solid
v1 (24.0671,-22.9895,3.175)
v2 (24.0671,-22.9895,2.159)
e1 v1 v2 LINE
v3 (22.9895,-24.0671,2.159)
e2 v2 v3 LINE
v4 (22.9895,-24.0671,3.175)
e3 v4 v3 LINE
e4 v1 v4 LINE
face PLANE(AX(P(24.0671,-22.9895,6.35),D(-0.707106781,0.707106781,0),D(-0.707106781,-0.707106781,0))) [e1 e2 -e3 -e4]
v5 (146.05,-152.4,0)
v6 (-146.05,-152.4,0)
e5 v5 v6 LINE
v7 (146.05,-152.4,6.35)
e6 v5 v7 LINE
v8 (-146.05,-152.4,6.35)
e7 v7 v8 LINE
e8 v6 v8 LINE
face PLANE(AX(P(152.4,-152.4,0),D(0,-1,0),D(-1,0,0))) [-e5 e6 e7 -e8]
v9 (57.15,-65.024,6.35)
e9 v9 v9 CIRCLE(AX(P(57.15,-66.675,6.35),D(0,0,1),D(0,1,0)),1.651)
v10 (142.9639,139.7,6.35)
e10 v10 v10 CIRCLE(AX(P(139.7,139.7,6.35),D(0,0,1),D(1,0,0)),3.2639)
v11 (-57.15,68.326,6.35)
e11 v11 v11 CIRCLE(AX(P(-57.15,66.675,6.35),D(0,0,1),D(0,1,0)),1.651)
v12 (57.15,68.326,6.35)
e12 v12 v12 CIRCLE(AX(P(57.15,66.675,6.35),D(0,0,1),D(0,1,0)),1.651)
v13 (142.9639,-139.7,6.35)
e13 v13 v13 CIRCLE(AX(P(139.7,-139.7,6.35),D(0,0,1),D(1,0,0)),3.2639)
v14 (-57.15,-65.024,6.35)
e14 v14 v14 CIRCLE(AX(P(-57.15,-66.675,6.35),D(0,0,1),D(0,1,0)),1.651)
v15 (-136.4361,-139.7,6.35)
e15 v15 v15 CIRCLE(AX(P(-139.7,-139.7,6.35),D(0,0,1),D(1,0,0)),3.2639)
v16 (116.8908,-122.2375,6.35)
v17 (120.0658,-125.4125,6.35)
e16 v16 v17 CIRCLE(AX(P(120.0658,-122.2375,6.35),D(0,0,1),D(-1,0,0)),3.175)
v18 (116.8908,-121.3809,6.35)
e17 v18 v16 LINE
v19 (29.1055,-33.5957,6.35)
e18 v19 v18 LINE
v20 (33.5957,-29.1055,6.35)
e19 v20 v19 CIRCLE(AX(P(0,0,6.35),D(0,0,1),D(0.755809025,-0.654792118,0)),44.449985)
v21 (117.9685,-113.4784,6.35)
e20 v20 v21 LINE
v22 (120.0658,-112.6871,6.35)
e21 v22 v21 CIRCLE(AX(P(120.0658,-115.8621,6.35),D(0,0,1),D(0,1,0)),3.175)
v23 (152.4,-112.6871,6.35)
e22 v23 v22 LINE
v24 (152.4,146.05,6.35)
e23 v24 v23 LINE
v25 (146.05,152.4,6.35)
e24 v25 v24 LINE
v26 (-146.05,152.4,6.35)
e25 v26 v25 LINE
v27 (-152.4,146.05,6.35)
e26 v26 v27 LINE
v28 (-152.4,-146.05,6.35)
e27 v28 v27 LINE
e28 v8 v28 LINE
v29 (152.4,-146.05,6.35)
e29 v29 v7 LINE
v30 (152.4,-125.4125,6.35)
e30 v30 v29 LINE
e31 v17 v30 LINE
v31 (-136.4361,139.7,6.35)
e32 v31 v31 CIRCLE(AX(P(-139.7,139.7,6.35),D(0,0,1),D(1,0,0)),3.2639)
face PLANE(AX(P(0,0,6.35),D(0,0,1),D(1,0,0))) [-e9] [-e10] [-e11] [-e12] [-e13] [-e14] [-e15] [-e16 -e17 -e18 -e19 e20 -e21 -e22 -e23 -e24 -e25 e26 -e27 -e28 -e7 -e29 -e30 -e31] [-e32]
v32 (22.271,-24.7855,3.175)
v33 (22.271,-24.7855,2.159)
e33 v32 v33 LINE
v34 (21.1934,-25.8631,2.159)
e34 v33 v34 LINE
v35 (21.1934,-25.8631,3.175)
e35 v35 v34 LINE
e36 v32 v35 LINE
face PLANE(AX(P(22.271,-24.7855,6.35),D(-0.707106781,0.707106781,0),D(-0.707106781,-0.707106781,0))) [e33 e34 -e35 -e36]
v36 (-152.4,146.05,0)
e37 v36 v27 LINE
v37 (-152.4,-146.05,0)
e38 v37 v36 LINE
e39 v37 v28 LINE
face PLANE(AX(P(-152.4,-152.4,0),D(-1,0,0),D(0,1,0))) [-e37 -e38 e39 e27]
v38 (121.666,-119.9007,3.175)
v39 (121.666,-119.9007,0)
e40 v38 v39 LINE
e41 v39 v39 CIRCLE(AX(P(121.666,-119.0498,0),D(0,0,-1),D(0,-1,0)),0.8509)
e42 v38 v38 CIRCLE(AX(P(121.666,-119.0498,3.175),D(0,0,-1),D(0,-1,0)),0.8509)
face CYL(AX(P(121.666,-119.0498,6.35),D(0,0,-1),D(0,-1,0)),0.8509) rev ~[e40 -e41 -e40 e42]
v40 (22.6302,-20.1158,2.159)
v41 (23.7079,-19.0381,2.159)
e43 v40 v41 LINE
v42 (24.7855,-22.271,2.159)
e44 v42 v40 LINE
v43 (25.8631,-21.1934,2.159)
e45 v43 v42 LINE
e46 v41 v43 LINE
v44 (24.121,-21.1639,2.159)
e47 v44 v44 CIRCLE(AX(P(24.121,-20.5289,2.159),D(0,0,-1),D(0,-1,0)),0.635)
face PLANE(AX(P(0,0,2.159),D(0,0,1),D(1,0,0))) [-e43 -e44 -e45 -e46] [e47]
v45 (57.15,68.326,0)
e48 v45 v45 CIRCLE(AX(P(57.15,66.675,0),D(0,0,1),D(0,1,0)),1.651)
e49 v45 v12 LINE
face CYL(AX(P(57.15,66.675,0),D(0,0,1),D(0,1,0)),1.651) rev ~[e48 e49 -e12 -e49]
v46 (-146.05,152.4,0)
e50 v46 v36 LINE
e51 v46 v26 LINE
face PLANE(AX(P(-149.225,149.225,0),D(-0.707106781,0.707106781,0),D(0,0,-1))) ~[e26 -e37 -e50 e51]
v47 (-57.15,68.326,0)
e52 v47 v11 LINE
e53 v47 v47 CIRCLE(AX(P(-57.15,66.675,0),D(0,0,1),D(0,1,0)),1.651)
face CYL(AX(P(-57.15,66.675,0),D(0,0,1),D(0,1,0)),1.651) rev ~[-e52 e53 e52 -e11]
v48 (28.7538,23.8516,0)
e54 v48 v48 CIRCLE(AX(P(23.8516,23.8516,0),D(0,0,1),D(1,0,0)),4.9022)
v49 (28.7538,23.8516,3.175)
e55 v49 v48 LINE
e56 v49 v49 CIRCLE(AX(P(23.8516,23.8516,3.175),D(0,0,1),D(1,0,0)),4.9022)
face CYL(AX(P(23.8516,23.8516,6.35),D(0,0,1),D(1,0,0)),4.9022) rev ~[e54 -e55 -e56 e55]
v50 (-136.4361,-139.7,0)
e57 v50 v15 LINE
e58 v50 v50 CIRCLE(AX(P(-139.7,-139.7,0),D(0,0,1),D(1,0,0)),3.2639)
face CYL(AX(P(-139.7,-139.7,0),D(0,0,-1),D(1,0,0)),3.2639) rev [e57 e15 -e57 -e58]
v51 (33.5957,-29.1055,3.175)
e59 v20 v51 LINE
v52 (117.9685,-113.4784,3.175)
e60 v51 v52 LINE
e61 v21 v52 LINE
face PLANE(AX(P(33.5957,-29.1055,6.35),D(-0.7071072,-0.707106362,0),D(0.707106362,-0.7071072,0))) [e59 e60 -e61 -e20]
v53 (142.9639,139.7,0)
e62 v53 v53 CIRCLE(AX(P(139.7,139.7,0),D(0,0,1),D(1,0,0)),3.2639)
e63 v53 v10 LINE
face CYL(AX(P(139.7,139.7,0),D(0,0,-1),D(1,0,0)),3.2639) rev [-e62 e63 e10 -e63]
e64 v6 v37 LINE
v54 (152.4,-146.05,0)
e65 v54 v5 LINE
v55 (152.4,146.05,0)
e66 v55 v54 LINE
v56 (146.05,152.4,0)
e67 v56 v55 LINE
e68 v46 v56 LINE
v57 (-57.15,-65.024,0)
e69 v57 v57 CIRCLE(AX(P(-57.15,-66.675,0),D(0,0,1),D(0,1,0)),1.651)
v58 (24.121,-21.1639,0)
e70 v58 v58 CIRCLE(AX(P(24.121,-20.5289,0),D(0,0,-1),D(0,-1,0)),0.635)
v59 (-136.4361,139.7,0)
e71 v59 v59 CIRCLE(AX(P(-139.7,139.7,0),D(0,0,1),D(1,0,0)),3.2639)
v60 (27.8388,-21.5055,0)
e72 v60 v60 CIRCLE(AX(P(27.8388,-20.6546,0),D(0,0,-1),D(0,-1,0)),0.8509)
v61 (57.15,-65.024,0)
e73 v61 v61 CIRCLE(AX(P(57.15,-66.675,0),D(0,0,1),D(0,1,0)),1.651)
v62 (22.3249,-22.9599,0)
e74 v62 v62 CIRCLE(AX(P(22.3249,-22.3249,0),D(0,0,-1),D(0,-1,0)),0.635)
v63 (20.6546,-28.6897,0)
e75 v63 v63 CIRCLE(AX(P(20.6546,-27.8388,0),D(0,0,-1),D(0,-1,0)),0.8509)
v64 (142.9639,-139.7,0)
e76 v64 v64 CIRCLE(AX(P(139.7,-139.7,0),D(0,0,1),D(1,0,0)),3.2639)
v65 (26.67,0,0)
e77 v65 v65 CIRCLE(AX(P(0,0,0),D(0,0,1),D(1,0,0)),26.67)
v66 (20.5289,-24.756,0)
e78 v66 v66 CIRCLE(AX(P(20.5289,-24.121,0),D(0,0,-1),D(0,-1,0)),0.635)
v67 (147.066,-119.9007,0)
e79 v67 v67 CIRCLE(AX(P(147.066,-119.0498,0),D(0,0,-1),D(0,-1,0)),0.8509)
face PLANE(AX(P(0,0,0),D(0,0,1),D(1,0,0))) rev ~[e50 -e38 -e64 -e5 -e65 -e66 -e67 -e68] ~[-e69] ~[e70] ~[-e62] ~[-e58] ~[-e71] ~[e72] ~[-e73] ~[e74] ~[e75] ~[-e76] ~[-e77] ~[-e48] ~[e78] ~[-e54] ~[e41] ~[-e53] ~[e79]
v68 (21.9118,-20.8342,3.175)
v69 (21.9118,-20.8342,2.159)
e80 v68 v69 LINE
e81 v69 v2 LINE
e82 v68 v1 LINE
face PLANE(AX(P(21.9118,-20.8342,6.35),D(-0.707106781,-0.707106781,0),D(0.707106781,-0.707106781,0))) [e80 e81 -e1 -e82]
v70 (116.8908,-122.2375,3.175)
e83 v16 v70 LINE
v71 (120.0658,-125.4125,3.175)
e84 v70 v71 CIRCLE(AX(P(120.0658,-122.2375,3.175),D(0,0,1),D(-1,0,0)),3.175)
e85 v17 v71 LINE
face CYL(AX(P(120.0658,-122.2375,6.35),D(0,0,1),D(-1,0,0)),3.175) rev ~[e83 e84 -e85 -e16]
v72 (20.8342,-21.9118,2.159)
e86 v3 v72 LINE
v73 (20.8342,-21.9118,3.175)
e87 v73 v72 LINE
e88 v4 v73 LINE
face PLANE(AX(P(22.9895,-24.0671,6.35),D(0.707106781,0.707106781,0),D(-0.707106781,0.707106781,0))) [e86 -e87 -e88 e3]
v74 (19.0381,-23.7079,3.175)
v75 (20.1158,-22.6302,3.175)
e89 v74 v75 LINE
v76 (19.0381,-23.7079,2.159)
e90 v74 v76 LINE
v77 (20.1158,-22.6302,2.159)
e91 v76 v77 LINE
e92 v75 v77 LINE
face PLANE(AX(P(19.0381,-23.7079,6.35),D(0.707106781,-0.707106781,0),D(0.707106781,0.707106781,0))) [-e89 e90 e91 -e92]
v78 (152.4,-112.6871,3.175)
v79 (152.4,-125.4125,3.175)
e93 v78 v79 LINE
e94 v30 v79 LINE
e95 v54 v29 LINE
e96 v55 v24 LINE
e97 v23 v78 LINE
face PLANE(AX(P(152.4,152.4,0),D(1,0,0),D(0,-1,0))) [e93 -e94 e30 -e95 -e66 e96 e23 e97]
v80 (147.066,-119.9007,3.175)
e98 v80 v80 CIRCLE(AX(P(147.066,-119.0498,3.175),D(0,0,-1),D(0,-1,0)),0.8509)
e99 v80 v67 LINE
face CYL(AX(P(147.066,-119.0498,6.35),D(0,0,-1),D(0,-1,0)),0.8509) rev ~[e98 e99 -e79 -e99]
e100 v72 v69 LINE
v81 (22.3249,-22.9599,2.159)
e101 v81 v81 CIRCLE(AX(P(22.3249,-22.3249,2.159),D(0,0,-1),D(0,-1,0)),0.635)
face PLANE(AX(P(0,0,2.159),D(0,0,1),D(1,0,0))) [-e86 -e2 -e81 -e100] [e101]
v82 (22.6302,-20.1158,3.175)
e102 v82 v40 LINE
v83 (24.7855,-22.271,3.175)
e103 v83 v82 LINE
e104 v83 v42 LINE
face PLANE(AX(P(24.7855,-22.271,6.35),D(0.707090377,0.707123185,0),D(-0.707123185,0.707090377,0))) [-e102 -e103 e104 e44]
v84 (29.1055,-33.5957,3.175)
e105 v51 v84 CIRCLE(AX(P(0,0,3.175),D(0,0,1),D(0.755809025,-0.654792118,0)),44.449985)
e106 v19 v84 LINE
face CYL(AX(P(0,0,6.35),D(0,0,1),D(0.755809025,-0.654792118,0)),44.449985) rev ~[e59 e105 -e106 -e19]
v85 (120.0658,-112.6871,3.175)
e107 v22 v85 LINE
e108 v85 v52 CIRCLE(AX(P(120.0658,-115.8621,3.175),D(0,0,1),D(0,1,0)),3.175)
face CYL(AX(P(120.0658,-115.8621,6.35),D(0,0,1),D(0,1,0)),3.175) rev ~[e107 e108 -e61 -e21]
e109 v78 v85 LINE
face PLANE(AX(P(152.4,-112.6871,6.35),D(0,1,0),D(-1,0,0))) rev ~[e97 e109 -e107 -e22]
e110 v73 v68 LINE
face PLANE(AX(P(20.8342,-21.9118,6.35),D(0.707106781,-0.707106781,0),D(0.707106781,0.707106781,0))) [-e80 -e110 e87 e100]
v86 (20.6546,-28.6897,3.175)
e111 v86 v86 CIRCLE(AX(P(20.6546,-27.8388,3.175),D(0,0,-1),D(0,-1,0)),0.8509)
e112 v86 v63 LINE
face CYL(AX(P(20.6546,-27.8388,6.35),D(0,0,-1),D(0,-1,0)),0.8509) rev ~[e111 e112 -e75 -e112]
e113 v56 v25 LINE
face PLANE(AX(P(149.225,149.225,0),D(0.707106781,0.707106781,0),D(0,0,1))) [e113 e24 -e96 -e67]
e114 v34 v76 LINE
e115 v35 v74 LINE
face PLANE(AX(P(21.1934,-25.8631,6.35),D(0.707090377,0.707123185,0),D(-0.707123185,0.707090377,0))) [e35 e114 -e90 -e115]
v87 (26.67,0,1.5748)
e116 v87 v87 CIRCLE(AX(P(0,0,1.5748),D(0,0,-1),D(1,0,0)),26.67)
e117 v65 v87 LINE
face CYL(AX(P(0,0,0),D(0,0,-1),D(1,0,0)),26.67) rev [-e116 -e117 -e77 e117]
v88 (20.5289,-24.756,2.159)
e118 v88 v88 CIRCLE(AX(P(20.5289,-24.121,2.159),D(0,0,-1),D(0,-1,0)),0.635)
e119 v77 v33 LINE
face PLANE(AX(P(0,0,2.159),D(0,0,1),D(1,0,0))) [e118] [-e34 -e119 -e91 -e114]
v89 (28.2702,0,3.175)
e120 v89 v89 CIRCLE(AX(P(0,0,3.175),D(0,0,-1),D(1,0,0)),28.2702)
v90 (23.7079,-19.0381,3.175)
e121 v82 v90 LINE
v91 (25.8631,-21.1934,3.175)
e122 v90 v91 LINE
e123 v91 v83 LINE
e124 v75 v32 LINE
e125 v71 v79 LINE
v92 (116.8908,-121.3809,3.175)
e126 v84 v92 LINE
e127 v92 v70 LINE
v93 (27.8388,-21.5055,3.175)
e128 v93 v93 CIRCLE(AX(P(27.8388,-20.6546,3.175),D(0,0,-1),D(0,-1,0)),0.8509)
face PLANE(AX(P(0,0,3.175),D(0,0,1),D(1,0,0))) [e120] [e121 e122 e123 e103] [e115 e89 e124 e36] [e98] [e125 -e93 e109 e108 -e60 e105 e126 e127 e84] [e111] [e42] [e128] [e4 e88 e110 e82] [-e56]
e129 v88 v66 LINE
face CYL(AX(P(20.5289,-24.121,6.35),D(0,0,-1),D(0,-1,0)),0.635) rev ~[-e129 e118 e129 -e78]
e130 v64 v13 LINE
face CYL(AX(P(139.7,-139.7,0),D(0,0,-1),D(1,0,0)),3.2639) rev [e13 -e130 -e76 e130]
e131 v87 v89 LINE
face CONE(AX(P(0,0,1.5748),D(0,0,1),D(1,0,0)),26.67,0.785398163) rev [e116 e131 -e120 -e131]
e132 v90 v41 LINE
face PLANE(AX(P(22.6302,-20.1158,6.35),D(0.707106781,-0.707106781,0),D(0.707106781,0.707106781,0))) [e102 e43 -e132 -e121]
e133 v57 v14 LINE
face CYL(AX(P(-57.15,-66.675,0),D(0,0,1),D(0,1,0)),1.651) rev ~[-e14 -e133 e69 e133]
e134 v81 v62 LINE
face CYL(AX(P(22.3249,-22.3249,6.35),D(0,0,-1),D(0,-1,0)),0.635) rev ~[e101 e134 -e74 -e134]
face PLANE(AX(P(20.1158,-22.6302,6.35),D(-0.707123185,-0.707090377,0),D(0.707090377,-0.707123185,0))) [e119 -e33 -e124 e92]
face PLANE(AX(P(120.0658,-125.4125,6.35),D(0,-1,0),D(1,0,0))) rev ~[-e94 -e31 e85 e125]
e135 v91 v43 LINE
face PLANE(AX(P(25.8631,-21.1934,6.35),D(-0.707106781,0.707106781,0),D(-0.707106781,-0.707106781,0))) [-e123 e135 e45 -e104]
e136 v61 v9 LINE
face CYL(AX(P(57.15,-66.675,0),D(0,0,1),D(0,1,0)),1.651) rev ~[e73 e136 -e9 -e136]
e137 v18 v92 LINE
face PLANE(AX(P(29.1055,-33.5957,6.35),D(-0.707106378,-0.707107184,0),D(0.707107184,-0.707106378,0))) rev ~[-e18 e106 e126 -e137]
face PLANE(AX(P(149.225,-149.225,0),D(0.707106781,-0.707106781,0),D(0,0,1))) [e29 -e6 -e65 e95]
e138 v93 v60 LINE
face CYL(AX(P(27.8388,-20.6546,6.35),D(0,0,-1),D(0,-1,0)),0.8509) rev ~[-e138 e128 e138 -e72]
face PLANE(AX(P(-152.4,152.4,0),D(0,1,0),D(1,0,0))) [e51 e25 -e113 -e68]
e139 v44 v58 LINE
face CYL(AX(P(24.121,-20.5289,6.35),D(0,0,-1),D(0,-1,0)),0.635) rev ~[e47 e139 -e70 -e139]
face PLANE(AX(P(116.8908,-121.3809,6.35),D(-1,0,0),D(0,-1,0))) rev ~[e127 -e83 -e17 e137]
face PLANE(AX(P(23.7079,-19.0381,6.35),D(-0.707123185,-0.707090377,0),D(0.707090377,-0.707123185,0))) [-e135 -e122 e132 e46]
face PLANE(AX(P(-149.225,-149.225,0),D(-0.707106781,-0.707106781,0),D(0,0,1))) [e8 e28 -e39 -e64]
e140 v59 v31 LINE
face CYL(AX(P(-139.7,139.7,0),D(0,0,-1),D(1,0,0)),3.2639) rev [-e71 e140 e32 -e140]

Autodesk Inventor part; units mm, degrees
ref_plane "YZ Plane" through (0, 0, 0) normal (1, 0, 0) x (0, 1, 0)
ref_plane "XZ Plane" through (0, 0, 0) normal (0, 1, 0) x (-1, 0, 0)
ref_plane "XY Plane" through (0, 0, 0) normal (0, 0, 1) x (1, 0, 0)
sketch "Sketch1" plane through (0, 0, 0) normal (0, 0, 1) x (1, 0, 0)
  line L0 (-152.4, 152.4) -> (152.4, 152.4)
  line L1 (152.4, 152.4) -> (152.4, -152.4)
  line L2 (152.4, -152.4) -> (-152.4, -152.4)
  line L3 (-152.4, -152.4) -> (-152.4, 152.4)
  circle A0 centre (0, 0) radius 26.67
  circle A1 centre (-139.7, 139.7) radius 3.2639
  circle A2 centre (139.7, 139.7) radius 3.2639
  circle A3 centre (139.7, -139.7) radius 3.2639
  circle A4 centre (-139.7, -139.7) radius 3.2639
  point P0 (0, 152.4)
  point P1 (-152.4, 0)
  dimension "d0" = 53.34
  dimension "d1" = 304.8
  dimension "d2" = 304.8
  dimension "d3" = 6.5278
  dimension "d4" = 6.5278
  dimension "d5" = 6.5278
  dimension "d6" = 6.5278
  dimension "d7" = 279.4
  dimension "d8" = 139.7
  dimension "d9" = 279.4
  dimension "d10" = 139.7
extrude "Extrusion1" add sketch "Sketch1" along normal blind 6.35
chamfer "Chamfer1" distance 6.35 angle 45 4 edges at (152.4, 152.4, 3.175) (152.4, -152.4, 3.175) (-152.4, 152.4, 3.175) (-152.4, -152.4, 3.175)
sketch "Sketch10" plane through (0, 0, 6.35) normal (0, 0, 1) x (1, 0, 0)
  line L0 (-213.36, 0) -> (213.36, 0) construction
  line L1 (0, -213.36) -> (0, 213.36) construction
  line L2 (-81.3558, 81.3558) -> (81.3558, -81.3558) construction
  line L3 (15.2664, -26.0427) -> (26.0427, -15.2664) construction
  line L4 (26.0427, -15.2664) -> (33.2269, -22.4506) construction
  line L5 (27.8388, -27.8388) -> (22.4506, -33.2269) construction
  line L6 (22.4506, -33.2269) -> (15.2664, -26.0427) construction
  circle A0 centre (0, 0) radius 26.67 projected
  line L7 (18.8585, -29.6348) -> (29.6348, -18.8585) construction
  line L8 (152.4, 146.05) -> (152.4, -146.05) projected
  line L9 (152.4, -112.6871) -> (120.0658, -112.6871)
  line L10 (116.8908, -115.8621) -> (116.8908, -122.2375)
  line L11 (120.0658, -125.4125) -> (152.4, -125.4125)
  line L12 (152.4, -125.4125) -> (152.4, -112.6871)
  arc A1 (120.0658, -112.6871) -> (116.8908, -115.8621) centre (120.0658, -115.8621) ccw
  arc A2 (116.8908, -122.2375) -> (120.0658, -125.4125) centre (120.0658, -122.2375) ccw
  line L13 (146.05, -152.4) -> (-146.05, -152.4) projected
  line L14 (118.491, -123.8123) -> (150.241, -123.8123) construction
  line L15 (150.241, -123.8123) -> (150.241, -114.2873) construction
  line L16 (150.241, -114.2873) -> (118.491, -114.2873) construction
  line L17 (118.491, -114.2873) -> (118.491, -123.8123) construction
  line L18 (134.366, -114.2873) -> (134.366, -123.8123) construction
  line L19 (118.491, -119.0498) -> (150.241, -119.0498) construction
  arc A3 (33.5957, -29.1055) -> (29.1055, -33.5957) centre (0, 0) ccw
  line L20 (29.1055, -33.5957) -> (116.8908, -121.3809)
  line L21 (33.5957, -29.1055) -> (117.9685, -113.4784)
  line L22 (21.9118, -20.8342) -> (24.0671, -22.9895)
  line L23 (24.0671, -22.9895) -> (22.9895, -24.0671)
  line L24 (22.9895, -24.0671) -> (20.8342, -21.9118)
  line L25 (20.8342, -21.9118) -> (21.9118, -20.8342)
  line L26 (21.373, -21.373) -> (23.5283, -23.5283) construction
  line L27 (20.1158, -22.6302) -> (22.271, -24.7855)
  line L28 (19.0381, -23.7079) -> (20.1158, -22.6302)
  line L29 (21.1934, -25.8631) -> (19.0381, -23.7079)
  line L30 (22.271, -24.7855) -> (21.1934, -25.8631)
  line L31 (22.6302, -20.1158) -> (23.7079, -19.0381)
  line L32 (24.7855, -22.271) -> (22.6302, -20.1158)
  line L33 (23.7079, -19.0381) -> (25.8631, -21.1934)
  line L34 (25.8631, -21.1934) -> (24.7855, -22.271)
  point P0 (22.3249, -22.3249)
  point P1 (20.6546, -27.8388)
  point P2 (27.8388, -20.6546)
  point P3 (121.666, -119.0498)
  point P4 (147.066, -119.0498)
  point P5 (20.5289, -24.121)
  point P6 (24.121, -20.5289)
  point P7 (19.577, -23.1691)
  point P8 (21.7322, -25.3243)
  point P9 (23.1691, -19.577)
  point P10 (25.3243, -21.7322)
  dimension "d84" = 45
  dimension "d85" = 10.16
  dimension "d86" = 15.24
  dimension "d87" = 39.37
  dimension "d90" = 2.3622
  dimension "d91" = 10.16
  dimension "d101" = 3.175
  dimension "d120" = 31.75
  dimension "d121" = 9.525
  dimension "d122" = 25.4
  dimension "d124" = 33.3502
  dimension "d125" = 1.6002
  dimension "d126" = 1.6002
  dimension "d128" = 2.159
  dimension "d156" = 88.9
  dimension "d159" = 6.35
  dimension "d163" = 2.3622
  dimension "d164" = 2.3622
  dimension "d165" = 2.54
  dimension "d166" = 2.54
  dimension "d167" = 3.048
  dimension "d168" = 1.524
  dimension "d172" = 2.54
  dimension "d179" = 2.54
  dimension "d185" = 1.016
hole "Hole8" at (22.3249, -22.3249, 6.35) at (20.5289, -24.121, 6.35) at (24.121, -20.5289, 6.35) direction (0, 0, -1) diameter 1.27 end through all
hole "Hole9" at (20.6546, -27.8388, 6.35) at (27.8388, -20.6546, 6.35) at (121.666, -119.0498, 6.35) at (147.066, -119.0498, 6.35) direction (0, 0, -1) diameter 1.7018 end through all
extrude "Extrusion5" cut sketch "Sketch10" against normal blind 3.175 contours A0 | L8 L11 A2 L10 A1 L9 | A1 L10 L20 A3 L21 | L22 L23 L24 L25 | L27 L30 L29 L28 | L31 L33 L34 L32
sketch "Sketch11" plane through (0, 0, 6.35) normal (0, 0, 1) x (1, 0, 0)
  line L0 (-213.36, 0) -> (213.36, 0) construction
  line L1 (0, -213.36) -> (0, 213.36) construction
  line L2 (-84.555, -84.555) -> (84.555, 84.555) construction
  circle A0 centre (22.4506, 22.4506) radius 1.9812 construction
  circle A1 centre (26.0427, 26.0427) radius 0.8509 construction
  circle A2 centre (23.8516, 23.8516) radius 4.9022
  point P0 (0, 0)
  dimension "d130" = 45
  dimension "d135" = 3.9624
  dimension "d136" = 1.7018
  dimension "d142" = 31.75
  dimension "d143" = 5.08
  dimension "d157" = 9.8044
  dimension "d158" = 33.7312
extrude "Extrusion6" cut sketch "Sketch11" against normal through all
sketch "Sketch12" plane through (0, 0, 0) normal (0, 0, -1) x (-1, 0, 0)
  line L0 (-57.15, 66.675) -> (57.15, 66.675) construction
  line L1 (57.15, 66.675) -> (57.15, -66.675) construction
  line L2 (57.15, -66.675) -> (-57.15, -66.675) construction
  line L3 (-57.15, -66.675) -> (-57.15, 66.675) construction
  line L4 (-57.15, 66.675) -> (57.15, -66.675) construction
  point P0 (0, 0)
  point P1 (0, 0)
  dimension "d147" = 133.35
  dimension "d148" = 114.3
hole "Hole10" at (-57.15, 66.675, 0) at (-57.15, -66.675, 0) at (57.15, -66.675, 0) at (57.15, 66.675, 0) direction (0, 0, 1) diameter 3.302 end through all thread size "8-32 UNC" class "2B" standard "ANSI Unified Screw Threads"
chamfer "Chamfer2" distance 1.6002 angle 45 1 edges at (-26.67, 0, 3.175)
extrude "Extrusion7" cut sketch "Sketch10" against normal blind 4.191 contours L22 L23 L24 L25 | L27 L30 L29 L28 | L31 L33 L34 L32
equation "\"d4\" = d3"
equation "\"d5\" = d3"
equation "\"d6\" = d3"
equation "\"d8\" = 0.5 * d7"
equation "\"d10\" = 0.5 * d9"
equation "\"d126\" = d125"
equation "\"d163\" = d90"
equation "\"d164\" = d90"
equation "\"d166\" = d165"
properties part number "J002949" material "ALUMINUM, 6061-T651"
